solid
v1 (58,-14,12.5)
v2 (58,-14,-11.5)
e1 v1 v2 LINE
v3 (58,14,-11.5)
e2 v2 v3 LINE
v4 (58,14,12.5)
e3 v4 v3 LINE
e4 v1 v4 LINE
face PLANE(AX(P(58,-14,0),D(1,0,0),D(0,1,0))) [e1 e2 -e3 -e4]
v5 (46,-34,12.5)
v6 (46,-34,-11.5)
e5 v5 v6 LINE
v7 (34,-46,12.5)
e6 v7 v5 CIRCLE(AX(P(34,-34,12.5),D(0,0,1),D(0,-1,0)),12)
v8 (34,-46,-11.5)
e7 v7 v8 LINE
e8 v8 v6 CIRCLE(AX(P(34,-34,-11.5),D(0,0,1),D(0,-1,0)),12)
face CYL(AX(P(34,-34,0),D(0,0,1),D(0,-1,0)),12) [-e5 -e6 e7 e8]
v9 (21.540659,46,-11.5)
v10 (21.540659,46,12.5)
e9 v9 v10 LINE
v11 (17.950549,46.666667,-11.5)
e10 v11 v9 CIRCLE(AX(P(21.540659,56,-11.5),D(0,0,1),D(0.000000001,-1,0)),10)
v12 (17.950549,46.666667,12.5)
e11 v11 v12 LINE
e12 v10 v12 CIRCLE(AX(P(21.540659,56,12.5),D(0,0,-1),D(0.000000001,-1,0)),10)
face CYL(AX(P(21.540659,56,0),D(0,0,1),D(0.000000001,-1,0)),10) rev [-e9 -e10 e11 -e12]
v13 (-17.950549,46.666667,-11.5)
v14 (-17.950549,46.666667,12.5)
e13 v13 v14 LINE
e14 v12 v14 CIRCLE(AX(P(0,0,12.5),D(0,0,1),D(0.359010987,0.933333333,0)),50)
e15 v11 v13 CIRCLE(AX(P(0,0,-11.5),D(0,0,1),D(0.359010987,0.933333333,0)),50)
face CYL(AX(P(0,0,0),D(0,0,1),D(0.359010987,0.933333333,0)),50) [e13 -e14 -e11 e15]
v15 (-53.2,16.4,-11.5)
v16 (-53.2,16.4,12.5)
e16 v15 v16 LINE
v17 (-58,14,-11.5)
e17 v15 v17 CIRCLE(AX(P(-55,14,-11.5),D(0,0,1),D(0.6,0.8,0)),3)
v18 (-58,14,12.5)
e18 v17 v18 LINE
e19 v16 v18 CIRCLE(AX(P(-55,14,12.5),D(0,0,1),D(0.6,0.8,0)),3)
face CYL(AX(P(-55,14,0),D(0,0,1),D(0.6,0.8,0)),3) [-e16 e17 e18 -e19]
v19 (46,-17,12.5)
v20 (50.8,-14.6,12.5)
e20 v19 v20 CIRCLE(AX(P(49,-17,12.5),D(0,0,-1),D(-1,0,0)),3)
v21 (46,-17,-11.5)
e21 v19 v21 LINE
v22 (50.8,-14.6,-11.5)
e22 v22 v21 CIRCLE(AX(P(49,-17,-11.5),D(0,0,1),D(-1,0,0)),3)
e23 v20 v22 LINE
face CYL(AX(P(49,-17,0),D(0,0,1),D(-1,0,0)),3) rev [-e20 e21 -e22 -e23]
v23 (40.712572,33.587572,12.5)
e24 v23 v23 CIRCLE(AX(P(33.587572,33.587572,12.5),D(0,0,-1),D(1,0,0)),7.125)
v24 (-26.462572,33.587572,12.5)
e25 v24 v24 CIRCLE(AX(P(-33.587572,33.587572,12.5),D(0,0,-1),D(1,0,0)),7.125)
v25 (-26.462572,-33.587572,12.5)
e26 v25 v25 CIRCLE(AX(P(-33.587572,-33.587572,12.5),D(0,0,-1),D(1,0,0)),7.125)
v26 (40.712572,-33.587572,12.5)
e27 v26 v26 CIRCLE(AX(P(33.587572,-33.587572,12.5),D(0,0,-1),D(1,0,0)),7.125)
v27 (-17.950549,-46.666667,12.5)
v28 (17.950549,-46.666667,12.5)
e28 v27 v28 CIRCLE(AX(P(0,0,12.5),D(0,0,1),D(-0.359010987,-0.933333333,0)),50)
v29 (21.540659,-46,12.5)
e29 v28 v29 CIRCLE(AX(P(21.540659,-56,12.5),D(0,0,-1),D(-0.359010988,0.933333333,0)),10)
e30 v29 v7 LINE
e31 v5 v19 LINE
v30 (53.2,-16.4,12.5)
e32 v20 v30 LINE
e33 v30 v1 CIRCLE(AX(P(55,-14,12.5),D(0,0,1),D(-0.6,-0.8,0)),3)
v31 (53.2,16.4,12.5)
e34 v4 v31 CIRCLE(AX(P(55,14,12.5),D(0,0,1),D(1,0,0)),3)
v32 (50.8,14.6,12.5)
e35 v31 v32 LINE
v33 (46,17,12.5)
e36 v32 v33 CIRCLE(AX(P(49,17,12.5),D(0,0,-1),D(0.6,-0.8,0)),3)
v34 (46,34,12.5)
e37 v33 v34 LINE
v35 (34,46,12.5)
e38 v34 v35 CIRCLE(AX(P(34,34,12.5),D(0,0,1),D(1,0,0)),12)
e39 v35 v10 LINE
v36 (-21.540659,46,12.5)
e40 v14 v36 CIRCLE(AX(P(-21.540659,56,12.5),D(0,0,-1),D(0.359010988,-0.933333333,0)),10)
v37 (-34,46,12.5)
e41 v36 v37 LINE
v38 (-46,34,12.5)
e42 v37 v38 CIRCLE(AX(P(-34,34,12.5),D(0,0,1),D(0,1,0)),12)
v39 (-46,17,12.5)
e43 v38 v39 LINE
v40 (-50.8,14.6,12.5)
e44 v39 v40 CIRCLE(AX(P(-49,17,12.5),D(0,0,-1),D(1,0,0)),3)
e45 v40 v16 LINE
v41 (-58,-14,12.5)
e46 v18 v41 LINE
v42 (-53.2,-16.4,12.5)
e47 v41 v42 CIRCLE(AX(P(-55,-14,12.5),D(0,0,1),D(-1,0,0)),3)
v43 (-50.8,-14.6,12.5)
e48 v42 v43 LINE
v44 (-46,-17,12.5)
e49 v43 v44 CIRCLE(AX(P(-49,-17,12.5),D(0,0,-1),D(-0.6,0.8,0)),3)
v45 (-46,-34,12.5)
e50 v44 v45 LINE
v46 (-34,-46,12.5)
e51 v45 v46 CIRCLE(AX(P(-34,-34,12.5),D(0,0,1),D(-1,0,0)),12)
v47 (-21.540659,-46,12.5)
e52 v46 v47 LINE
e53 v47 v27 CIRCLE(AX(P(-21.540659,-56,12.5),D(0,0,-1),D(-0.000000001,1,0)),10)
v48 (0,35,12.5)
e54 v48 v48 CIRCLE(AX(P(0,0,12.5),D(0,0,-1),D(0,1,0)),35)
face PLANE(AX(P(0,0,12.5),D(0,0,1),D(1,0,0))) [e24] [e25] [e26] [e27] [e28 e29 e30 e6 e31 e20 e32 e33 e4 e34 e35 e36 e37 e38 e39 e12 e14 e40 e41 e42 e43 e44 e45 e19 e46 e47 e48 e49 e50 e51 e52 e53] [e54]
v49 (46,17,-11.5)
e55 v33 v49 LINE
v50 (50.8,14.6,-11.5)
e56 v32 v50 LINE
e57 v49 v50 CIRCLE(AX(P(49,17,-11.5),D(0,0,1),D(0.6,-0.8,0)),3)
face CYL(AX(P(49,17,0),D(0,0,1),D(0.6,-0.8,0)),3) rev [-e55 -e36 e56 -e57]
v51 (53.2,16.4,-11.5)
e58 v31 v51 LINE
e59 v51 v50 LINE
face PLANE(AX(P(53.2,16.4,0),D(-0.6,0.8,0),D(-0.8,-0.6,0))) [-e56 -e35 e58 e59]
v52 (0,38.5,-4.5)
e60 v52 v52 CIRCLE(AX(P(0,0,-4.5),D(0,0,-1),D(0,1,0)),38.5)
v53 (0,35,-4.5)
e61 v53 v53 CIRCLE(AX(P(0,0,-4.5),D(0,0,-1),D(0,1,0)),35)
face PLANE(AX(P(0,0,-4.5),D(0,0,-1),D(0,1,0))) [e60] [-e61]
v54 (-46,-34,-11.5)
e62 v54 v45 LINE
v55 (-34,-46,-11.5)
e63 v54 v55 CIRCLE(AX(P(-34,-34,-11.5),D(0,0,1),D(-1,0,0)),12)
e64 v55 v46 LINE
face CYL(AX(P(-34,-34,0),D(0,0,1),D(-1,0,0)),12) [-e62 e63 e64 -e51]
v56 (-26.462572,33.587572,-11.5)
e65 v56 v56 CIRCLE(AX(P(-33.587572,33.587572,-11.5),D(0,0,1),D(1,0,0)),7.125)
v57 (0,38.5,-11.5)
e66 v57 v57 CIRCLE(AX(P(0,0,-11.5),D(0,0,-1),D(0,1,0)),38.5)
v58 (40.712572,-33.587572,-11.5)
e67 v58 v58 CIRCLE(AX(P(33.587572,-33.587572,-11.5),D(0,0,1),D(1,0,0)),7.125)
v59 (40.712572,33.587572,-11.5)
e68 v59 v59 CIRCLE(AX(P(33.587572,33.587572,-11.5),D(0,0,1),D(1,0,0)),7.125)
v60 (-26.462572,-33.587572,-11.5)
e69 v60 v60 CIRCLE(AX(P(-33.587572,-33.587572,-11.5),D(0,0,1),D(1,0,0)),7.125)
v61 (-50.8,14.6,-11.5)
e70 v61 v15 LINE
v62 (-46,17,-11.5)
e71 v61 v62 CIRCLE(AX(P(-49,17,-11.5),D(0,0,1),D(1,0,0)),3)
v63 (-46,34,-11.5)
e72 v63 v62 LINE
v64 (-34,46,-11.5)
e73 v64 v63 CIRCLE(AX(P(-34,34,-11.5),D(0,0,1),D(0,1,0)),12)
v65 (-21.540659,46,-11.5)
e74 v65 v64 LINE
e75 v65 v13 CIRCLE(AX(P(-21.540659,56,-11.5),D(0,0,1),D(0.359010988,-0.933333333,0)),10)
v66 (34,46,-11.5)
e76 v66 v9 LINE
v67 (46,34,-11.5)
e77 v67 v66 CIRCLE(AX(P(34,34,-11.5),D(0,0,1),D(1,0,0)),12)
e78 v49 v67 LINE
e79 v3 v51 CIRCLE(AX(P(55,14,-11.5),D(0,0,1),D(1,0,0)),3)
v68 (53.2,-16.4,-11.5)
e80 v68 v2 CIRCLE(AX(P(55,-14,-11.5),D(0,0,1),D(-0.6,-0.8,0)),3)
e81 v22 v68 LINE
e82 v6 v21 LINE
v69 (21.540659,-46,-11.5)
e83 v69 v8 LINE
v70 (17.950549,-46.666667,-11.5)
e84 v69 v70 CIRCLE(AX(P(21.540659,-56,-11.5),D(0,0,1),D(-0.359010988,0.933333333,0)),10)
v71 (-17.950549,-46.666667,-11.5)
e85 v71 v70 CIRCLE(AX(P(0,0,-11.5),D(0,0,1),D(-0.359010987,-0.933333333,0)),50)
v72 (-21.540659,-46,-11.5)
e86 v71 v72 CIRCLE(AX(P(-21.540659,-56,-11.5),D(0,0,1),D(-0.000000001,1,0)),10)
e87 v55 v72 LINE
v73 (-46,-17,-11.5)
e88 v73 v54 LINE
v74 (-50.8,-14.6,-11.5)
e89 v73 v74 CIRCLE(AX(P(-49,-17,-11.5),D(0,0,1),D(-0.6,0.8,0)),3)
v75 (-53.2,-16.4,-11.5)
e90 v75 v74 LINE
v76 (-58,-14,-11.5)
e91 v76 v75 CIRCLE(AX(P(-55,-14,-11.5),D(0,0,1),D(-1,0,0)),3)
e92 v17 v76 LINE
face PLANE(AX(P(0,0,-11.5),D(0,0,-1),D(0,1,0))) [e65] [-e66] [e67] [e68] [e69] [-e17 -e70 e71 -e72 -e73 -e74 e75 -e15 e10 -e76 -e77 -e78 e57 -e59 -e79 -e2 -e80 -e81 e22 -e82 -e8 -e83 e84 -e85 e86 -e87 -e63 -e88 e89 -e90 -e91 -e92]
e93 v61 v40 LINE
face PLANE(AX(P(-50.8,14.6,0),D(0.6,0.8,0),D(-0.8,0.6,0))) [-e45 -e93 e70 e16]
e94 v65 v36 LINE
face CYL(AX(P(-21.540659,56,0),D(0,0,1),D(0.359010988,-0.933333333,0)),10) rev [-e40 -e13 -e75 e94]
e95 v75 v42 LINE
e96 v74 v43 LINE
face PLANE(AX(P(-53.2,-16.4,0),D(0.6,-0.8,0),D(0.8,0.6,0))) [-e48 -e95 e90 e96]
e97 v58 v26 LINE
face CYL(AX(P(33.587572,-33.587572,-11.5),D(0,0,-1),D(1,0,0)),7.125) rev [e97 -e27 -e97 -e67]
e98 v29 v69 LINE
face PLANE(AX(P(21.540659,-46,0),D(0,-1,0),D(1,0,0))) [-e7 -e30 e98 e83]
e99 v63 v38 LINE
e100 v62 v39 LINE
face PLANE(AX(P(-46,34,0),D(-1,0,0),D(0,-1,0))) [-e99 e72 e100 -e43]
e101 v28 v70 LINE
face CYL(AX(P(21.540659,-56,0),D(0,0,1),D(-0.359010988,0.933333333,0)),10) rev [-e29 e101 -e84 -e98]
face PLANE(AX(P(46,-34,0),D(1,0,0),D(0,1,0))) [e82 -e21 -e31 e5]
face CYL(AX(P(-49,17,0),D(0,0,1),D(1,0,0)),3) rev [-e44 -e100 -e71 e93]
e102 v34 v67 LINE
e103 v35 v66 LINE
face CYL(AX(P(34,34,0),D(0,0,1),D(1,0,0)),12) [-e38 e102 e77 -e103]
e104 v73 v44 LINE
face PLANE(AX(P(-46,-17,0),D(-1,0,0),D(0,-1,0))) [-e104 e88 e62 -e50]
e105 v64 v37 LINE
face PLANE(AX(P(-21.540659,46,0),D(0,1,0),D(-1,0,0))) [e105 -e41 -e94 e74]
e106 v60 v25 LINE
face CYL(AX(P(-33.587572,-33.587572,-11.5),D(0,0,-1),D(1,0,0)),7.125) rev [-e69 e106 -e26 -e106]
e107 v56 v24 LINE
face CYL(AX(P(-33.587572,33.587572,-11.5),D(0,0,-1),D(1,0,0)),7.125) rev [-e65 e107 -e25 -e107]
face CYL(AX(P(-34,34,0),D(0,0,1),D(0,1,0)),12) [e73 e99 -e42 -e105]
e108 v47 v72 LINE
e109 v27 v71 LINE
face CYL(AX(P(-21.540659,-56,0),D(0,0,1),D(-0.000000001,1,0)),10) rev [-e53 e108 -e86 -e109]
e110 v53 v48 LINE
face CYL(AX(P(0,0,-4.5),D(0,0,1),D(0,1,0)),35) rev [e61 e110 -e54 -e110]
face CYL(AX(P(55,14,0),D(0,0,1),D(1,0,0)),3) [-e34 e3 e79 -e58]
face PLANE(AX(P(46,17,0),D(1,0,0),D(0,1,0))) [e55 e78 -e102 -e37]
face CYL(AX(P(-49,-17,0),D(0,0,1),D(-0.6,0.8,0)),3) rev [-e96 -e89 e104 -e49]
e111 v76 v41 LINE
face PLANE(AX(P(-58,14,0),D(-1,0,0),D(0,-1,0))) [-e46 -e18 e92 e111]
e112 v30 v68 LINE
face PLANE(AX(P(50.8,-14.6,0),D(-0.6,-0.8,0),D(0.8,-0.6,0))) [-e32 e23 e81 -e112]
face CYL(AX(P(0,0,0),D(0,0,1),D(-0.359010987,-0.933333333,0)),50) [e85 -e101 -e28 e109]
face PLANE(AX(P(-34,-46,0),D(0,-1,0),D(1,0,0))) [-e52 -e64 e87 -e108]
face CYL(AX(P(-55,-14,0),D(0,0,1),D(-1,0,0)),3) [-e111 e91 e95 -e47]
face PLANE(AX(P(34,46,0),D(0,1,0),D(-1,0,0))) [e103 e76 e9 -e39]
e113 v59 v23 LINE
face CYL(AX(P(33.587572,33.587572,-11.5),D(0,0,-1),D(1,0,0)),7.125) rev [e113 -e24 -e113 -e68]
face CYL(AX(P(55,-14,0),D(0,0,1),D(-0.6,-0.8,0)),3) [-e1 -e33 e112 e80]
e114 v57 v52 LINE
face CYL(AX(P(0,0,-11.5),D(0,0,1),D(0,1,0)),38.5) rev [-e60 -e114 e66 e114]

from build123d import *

# Parameters (mm, degrees)
SKETCH1_R                  = 31
BASE_EXTRUDE_DEPTH         = 12.5
SKETCH4_R                  = 7.125
F_4_STK_14_25_HULLER_DEPTH = 25


with BuildPart() as part:
    # Sketch1 → Base-Extrude (new body, symmetric)
    with BuildSketch(Plane.XY):
        with BuildLine():
            Line((34, 46), (21.540659229, 46))
            ThreePointArc((21.540659229, 46), (19.71491737, 46.168079197), (17.950549357, 46.666666667))
            ThreePointArc((17.950549357, 46.666666667), (0, 50), (-17.950549357, 46.666666667))
            ThreePointArc((-17.950549357, 46.666666667), (-19.71491737, 46.168079197), (-21.540659229, 46))
            Line((-21.540659229, 46), (-34, 46))
            ThreePointArc((-34, 46), (-42.485281374, 42.485281374), (-46, 34))
            Line((-46, 34), (-46, 17))
            ThreePointArc((-46, 17), (-47.658359214, 14.316718427), (-50.8, 14.6))
            Line((-50.8, 14.6), (-53.2, 16.4))
            ThreePointArc((-53.2, 16.4), (-56.341640786, 16.683281573), (-58, 14))
            Line((-58, 14), (-58, -14))
            ThreePointArc((-58, -14), (-56.341640786, -16.683281573), (-53.2, -16.4))
            Line((-53.2, -16.4), (-50.8, -14.6))
            ThreePointArc((-50.8, -14.6), (-47.658359214, -14.316718427), (-46, -17))
            Line((-46, -17), (-46, -34))
            ThreePointArc((-46, -34), (-42.485281374, -42.485281374), (-34, -46))
            Line((-34, -46), (-21.540659229, -46))
            ThreePointArc((-21.540659229, -46), (-19.71491737, -46.168079197), (-17.950549357, -46.666666667))
            ThreePointArc((-17.950549357, -46.666666667), (0, -50), (17.950549357, -46.666666667))
            ThreePointArc((17.950549357, -46.666666667), (19.71491737, -46.168079197), (21.540659229, -46))
            Line((21.540659229, -46), (34, -46))
            ThreePointArc((34, -46), (42.485281374, -42.485281374), (46, -34))
            Line((46, -34), (46, -17))
            ThreePointArc((46, -17), (47.658359214, -14.316718427), (50.8, -14.6))
            Line((50.8, -14.6), (53.2, -16.4))
            ThreePointArc((53.2, -16.4), (56.341640786, -16.683281573), (58, -14))
            Line((58, -14), (58, 14))
            ThreePointArc((58, 14), (56.341640786, 16.683281573), (53.2, 16.4))
            Line((53.2, 16.4), (50.8, 14.6))
            ThreePointArc((50.8, 14.6), (47.658359214, 14.316718427), (46, 17))
            Line((46, 17), (46, 34))
            ThreePointArc((46, 34), (42.485281374, 42.485281374), (34, 46))
        make_face()
        Circle(SKETCH1_R, mode=Mode.SUBTRACT)
    extrude(amount=BASE_EXTRUDE_DEPTH, both=True)

    # Sketch2 → Uddrejning (revolve, cut)
    with BuildSketch(Plane(origin=(0, 0, 0), x_dir=(0, 0, -1), z_dir=(1, 0, 0))):
        Polygon((11.5, 38.5), (4.5, 38.5), (4.5, 35), (-12.5, 35), (-12.5, 0), (12.5, 0), (12.5, 70), (11.5, 70), align=None)
    revolve(axis=Axis((0, 0, 0), (0, 0, -1)), mode=Mode.SUBTRACT)

    # Sketch4 → 4 stk ø14.25 huller (cut, through all)
    with BuildSketch(Plane.XY.offset(-11.5)):
        with Locations((33.587572106, 33.587572106)):
            Circle(SKETCH4_R)
        with Locations((33.587572106, -33.587572106)):
            Circle(SKETCH4_R)
        with Locations((-33.587572106, -33.587572106)):
            Circle(SKETCH4_R)
        with Locations((-33.587572106, 33.587572106)):
            Circle(SKETCH4_R)
    extrude(amount=F_4_STK_14_25_HULLER_DEPTH, mode=Mode.SUBTRACT)


solid = part.part
